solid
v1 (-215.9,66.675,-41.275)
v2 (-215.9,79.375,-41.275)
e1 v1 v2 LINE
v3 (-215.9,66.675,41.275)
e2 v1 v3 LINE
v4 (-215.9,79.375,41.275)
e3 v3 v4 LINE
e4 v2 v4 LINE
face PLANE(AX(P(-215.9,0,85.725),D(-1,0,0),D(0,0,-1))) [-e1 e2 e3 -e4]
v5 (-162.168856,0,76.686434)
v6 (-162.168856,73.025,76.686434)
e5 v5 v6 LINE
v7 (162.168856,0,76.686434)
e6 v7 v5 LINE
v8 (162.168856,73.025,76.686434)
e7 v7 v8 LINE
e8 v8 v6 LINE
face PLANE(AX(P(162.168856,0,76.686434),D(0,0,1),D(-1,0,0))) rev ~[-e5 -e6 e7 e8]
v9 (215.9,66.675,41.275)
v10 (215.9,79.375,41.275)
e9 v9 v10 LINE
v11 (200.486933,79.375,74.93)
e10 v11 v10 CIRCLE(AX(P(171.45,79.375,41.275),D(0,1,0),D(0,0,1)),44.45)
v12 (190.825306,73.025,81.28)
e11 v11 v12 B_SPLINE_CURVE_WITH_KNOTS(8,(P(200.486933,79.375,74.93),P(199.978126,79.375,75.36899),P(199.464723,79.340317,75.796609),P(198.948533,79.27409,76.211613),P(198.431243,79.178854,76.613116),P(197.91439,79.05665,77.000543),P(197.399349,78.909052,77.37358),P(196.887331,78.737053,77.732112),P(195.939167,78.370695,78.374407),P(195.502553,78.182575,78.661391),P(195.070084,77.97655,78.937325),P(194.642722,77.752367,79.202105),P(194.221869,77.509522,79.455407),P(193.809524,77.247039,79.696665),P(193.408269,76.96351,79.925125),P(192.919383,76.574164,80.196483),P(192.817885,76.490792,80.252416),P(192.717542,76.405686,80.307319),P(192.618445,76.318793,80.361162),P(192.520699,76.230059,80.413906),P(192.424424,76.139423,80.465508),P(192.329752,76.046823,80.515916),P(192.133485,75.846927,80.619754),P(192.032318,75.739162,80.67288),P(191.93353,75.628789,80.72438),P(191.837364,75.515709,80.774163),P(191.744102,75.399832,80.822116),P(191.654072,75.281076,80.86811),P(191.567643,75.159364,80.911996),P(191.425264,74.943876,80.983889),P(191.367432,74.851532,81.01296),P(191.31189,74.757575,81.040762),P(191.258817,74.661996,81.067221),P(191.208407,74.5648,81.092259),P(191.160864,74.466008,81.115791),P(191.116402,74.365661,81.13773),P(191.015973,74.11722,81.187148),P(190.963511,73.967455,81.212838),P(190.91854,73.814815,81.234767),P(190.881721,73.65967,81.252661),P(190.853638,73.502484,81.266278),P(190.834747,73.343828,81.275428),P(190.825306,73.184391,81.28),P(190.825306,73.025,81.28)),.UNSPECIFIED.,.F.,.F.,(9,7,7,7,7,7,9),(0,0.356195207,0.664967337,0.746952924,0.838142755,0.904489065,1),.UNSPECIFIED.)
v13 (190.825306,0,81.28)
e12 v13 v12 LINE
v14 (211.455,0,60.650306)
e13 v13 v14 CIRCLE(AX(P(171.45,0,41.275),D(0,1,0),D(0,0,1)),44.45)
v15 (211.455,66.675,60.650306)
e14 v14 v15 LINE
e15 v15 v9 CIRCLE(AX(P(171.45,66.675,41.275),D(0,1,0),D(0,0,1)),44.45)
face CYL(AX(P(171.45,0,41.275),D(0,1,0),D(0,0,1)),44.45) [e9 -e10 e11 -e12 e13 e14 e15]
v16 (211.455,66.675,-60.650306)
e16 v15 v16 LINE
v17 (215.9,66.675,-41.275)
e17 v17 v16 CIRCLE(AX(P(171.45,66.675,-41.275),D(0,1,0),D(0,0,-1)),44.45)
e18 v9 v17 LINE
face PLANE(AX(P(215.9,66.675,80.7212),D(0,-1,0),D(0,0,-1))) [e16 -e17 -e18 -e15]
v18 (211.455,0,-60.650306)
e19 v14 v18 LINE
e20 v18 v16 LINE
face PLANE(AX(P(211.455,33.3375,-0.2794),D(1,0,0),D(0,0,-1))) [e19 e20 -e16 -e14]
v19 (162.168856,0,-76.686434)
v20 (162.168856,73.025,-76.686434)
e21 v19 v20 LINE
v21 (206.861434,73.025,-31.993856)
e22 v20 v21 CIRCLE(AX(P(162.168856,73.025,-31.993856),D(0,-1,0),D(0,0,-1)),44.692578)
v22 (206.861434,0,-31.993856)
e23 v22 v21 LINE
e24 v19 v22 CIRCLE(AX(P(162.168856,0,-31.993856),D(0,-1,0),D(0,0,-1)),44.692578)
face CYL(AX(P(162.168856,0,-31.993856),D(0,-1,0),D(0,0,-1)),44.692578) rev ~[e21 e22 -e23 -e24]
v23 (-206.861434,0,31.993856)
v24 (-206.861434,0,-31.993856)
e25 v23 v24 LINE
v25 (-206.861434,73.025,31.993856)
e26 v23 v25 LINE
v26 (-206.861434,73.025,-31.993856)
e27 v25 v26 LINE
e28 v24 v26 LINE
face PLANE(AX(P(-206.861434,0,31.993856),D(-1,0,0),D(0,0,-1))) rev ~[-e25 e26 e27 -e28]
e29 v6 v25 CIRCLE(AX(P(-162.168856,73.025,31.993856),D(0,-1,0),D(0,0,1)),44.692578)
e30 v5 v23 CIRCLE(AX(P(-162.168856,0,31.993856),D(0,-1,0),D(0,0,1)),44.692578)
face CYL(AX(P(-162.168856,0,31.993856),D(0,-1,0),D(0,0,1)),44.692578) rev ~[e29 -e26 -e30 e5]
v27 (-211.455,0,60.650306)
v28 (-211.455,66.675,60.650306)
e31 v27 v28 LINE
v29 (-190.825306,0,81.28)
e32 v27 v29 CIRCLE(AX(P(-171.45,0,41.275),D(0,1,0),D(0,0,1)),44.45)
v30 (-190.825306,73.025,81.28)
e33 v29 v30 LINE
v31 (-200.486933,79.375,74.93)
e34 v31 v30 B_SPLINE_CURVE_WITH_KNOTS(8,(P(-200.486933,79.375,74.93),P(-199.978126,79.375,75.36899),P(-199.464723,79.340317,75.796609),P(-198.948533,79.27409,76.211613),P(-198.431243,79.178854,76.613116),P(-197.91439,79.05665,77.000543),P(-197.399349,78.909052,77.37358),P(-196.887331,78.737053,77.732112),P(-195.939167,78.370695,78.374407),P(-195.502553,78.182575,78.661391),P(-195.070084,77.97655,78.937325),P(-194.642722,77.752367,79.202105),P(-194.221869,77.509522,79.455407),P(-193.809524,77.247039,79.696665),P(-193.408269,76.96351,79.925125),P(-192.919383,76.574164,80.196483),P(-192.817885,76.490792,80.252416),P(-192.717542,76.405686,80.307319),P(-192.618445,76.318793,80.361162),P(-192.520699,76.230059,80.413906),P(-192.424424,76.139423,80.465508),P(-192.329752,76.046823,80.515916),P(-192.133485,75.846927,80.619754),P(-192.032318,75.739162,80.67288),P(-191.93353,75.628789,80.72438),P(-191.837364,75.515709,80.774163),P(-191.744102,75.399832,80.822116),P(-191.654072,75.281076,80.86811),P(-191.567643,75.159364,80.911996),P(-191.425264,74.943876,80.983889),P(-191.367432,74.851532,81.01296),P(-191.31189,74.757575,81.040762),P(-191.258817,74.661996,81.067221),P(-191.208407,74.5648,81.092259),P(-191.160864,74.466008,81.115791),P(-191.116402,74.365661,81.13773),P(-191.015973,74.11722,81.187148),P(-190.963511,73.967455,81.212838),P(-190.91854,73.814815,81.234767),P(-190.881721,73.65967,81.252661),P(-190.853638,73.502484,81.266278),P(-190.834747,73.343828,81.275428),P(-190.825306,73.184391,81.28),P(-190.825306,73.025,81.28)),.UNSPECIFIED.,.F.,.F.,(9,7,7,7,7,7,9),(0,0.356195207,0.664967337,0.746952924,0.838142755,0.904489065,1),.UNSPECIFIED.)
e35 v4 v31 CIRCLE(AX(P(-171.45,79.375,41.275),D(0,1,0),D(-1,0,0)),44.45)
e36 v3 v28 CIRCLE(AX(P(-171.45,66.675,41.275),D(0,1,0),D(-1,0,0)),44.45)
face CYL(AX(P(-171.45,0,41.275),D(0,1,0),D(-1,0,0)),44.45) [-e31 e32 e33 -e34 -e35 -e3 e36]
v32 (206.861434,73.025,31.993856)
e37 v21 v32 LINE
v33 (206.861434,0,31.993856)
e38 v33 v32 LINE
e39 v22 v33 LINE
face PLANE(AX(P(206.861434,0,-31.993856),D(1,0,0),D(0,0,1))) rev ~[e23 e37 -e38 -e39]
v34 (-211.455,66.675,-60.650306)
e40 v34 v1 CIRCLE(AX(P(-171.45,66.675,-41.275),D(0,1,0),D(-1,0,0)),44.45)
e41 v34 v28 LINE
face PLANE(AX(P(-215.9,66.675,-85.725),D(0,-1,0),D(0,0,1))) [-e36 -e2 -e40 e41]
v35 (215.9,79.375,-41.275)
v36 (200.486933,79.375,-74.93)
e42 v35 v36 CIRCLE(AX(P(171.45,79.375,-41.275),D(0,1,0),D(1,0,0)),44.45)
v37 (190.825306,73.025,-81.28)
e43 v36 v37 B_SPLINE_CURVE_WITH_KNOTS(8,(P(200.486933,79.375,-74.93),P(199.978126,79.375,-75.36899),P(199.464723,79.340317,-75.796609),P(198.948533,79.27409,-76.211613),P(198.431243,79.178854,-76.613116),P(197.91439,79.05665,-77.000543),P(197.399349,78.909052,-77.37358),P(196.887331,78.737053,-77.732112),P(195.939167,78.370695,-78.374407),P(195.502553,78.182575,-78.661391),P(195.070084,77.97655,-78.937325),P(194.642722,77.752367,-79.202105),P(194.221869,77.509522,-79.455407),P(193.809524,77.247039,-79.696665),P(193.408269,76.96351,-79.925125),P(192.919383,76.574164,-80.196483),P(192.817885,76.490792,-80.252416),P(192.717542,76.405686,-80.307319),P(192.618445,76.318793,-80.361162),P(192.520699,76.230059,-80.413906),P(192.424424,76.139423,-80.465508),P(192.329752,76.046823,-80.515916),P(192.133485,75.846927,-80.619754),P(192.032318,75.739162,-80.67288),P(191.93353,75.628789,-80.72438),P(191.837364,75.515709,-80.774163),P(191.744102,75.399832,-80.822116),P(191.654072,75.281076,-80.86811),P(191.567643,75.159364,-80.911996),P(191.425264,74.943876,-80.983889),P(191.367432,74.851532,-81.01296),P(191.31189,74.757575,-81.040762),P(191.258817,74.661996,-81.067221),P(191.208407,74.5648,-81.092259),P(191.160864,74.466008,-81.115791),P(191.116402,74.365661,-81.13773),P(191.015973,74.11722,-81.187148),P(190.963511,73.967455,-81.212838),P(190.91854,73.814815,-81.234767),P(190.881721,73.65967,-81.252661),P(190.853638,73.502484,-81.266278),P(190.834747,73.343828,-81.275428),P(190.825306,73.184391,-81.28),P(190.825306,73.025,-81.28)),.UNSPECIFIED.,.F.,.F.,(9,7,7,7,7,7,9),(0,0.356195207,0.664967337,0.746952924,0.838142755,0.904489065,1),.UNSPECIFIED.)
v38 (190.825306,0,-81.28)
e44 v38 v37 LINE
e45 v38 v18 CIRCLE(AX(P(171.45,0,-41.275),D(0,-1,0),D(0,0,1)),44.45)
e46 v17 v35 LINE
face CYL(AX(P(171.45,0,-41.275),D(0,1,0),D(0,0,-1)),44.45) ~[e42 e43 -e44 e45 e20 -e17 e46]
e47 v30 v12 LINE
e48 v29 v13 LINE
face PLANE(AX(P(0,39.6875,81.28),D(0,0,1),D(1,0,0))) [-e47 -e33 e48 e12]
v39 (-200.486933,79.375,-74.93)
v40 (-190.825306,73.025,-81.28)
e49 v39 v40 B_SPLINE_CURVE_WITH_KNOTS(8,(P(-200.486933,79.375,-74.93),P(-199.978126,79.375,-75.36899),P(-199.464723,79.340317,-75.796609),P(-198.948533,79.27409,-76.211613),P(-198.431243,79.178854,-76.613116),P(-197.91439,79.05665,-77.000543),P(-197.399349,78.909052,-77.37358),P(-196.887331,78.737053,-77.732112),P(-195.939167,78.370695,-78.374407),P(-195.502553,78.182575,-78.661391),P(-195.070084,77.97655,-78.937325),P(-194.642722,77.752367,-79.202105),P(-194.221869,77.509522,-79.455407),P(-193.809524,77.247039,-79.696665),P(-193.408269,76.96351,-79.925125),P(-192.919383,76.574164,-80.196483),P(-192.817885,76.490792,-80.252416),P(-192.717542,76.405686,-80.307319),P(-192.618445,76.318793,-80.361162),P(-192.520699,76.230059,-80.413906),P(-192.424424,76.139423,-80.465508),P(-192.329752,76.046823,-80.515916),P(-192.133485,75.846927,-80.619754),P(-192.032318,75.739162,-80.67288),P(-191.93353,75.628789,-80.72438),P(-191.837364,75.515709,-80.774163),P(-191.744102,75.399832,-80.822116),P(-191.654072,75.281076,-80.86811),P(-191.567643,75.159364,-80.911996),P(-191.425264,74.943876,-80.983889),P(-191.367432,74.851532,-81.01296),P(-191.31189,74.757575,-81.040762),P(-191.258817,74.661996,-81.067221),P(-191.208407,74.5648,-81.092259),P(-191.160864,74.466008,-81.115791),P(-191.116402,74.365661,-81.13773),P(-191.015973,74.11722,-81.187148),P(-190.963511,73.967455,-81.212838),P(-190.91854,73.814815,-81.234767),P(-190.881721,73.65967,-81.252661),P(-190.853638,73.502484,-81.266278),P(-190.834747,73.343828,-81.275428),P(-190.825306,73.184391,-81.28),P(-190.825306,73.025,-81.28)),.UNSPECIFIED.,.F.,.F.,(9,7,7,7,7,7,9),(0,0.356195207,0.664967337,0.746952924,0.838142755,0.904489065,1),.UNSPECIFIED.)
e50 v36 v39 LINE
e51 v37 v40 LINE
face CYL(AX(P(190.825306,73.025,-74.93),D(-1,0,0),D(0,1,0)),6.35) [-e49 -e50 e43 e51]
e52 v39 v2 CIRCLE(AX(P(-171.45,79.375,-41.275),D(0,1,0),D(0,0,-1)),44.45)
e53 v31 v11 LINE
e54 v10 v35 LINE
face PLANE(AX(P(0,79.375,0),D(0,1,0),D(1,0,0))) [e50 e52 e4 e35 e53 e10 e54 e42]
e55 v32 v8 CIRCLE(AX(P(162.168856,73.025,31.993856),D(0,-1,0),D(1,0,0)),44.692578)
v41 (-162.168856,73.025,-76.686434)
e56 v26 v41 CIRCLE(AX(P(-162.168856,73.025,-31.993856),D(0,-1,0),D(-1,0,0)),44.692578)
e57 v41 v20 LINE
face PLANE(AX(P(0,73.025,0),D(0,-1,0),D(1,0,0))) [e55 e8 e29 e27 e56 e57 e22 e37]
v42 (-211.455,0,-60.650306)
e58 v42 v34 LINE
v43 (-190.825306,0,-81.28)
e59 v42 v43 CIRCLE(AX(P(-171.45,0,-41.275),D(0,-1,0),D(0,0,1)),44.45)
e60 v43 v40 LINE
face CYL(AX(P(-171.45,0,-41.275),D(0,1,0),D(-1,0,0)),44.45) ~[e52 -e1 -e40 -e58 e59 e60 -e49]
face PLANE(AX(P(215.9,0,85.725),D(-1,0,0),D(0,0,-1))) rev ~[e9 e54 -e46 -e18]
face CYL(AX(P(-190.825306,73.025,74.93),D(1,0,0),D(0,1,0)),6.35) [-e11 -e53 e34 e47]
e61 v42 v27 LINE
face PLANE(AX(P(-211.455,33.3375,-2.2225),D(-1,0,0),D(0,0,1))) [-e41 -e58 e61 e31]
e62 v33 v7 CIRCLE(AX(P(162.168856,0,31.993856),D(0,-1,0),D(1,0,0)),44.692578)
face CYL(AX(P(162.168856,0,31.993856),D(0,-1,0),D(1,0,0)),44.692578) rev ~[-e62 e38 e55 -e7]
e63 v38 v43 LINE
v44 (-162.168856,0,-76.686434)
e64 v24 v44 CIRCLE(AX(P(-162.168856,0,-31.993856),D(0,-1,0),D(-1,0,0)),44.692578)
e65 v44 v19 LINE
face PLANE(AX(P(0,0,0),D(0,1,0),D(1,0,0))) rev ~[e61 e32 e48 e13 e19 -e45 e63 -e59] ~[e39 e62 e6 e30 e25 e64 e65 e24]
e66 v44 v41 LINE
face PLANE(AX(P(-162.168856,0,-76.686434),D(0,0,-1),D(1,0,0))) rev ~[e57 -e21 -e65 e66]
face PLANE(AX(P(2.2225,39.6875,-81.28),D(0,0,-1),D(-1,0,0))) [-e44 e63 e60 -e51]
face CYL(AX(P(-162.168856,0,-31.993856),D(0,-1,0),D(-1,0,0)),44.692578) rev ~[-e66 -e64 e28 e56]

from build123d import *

# Parameters (mm, degrees)
SKETCH1_W               = 431.8
SKETCH1_H               = 171.45
BOSS_EXTRUDE1_DEPTH     = 85.725
CUT_EXTRUDE1_DEPTH      = 73.025
FILLET3_R               = 44.45
F_0_25_OFF_TOP_DEPTH    = 6.35
SKETCH4_W               = 431.8
SKETCH4_H               = 79.375
CUT_EXTRUDE_0_125_DEPTH = 4.445
SKETCH5_W               = 167.005
SKETCH5_H               = 66.675
F_1_8_IN_DEPTH          = 4.445
SKETCH6_W               = 427.355
SKETCH6_H               = 79.375
CUT_EXTRUDE5_DEPTH      = 4.445
SKETCH7_W               = 162.0012
SKETCH7_H               = 66.675
CUT_EXTRUDE6_DEPTH      = 4.445
FILLET5_R               = 6.35


with BuildPart() as part:
    # Sketch1 → Boss-Extrude1 (new body)
    with BuildSketch(Plane(origin=(0, 0, 0), x_dir=(1, 0, 0), z_dir=(0, 1, 0))):
        Rectangle(SKETCH1_W, SKETCH1_H)
    extrude(amount=BOSS_EXTRUDE1_DEPTH)

    # Sketch2 → Cut-Extrude1 (cut)
    with BuildSketch(Plane.XZ):
        with BuildLine():
            Line((162.16885638, 76.686434381), (-162.16885638, 76.686434381))
            ThreePointArc((-162.16885638, 76.686434381), (-193.771281353, 63.596281353), (-206.861434381, 31.99385638))
            Line((-206.861434381, 31.99385638), (-206.861434381, -31.99385638))
            ThreePointArc((-206.861434381, -31.99385638), (-193.771281353, -63.596281353), (-162.16885638, -76.686434381))
            Line((-162.16885638, -76.686434381), (162.16885638, -76.686434381))
            ThreePointArc((162.16885638, -76.686434381), (193.771281353, -63.596281353), (206.861434381, -31.99385638))
            Line((206.861434381, -31.99385638), (206.861434381, 31.99385638))
            ThreePointArc((206.861434381, 31.99385638), (193.771281353, 63.596281353), (162.16885638, 76.686434381))
        make_face()
    extrude(amount=-CUT_EXTRUDE1_DEPTH, mode=Mode.SUBTRACT)

    # Fillet3
    fillet3_edges = [part.edges().sort_by_distance(p)[0] for p in [
        (215.9, 42.8625, 85.725),
        (-215.9, 42.8625, 85.725),
        (-215.9, 42.8625, -85.725),
        (215.9, 42.8625, -85.725),
    ]]
    fillet(fillet3_edges, radius=FILLET3_R)

    # Sketch3 → 0.25 off top (cut)
    with BuildSketch(Plane(origin=(0, 85.725, 0), x_dir=(1, 0, 0), z_dir=(0, 1, 0))):
        with BuildLine():
            Line((215.9, -41.275), (215.9, 41.275))
            ThreePointArc((215.9, 41.275), (202.880896424, 72.705896424), (171.45, 85.725))
            Line((171.45, 85.725), (-171.45, 85.725))
            ThreePointArc((-171.45, 85.725), (-202.880896424, 72.705896424), (-215.9, 41.275))
            Line((-215.9, 41.275), (-215.9, -41.275))
            ThreePointArc((-215.9, -41.275), (-202.880896424, -72.705896424), (-171.45, -85.725))
            Line((-171.45, -85.725), (171.45, -85.725))
            ThreePointArc((171.45, -85.725), (202.880896424, -72.705896424), (215.9, -41.275))
        make_face()
    extrude(amount=-F_0_25_OFF_TOP_DEPTH, mode=Mode.SUBTRACT)

    # Sketch4 → 0.125 (cut)
    with BuildSketch(Plane.XY.offset(85.725)):
        with Locations((0, 39.6875)):
            Rectangle(SKETCH4_W, SKETCH4_H)
    extrude(amount=-CUT_EXTRUDE_0_125_DEPTH, mode=Mode.SUBTRACT)

    # Sketch5 → 1/8 in (cut)
    with BuildSketch(Plane.ZY.offset(215.9)):
        with Locations((-2.2225, 33.3375)):
            Rectangle(SKETCH5_W, SKETCH5_H)
    extrude(amount=-F_1_8_IN_DEPTH, mode=Mode.SUBTRACT)

    # Sketch6 → Cut-Extrude5 (cut)
    with BuildSketch(Plane(origin=(0, 0, -85.725), x_dir=(-1, 0, 0), z_dir=(0, 0, -1))):
        with Locations((-2.2225, 39.6875)):
            Rectangle(SKETCH6_W, SKETCH6_H)
    extrude(amount=-CUT_EXTRUDE5_DEPTH, mode=Mode.SUBTRACT)

    # Sketch7 → Cut-Extrude6 (cut)
    with BuildSketch(Plane(origin=(215.9, 0, 0), x_dir=(0, 0, -1), z_dir=(1, 0, 0))):
        with Locations((0.2794, 33.3375)):
            Rectangle(SKETCH7_W, SKETCH7_H)
    extrude(amount=-CUT_EXTRUDE6_DEPTH, mode=Mode.SUBTRACT)

    # Fillet5
    fillet5_edges = [part.edges().sort_by_distance(p)[0] for p in [
        (0, 79.375, -81.28),
        (0, 79.375, 81.28),
    ]]
    fillet(fillet5_edges, radius=FILLET5_R)


solid = part.part
